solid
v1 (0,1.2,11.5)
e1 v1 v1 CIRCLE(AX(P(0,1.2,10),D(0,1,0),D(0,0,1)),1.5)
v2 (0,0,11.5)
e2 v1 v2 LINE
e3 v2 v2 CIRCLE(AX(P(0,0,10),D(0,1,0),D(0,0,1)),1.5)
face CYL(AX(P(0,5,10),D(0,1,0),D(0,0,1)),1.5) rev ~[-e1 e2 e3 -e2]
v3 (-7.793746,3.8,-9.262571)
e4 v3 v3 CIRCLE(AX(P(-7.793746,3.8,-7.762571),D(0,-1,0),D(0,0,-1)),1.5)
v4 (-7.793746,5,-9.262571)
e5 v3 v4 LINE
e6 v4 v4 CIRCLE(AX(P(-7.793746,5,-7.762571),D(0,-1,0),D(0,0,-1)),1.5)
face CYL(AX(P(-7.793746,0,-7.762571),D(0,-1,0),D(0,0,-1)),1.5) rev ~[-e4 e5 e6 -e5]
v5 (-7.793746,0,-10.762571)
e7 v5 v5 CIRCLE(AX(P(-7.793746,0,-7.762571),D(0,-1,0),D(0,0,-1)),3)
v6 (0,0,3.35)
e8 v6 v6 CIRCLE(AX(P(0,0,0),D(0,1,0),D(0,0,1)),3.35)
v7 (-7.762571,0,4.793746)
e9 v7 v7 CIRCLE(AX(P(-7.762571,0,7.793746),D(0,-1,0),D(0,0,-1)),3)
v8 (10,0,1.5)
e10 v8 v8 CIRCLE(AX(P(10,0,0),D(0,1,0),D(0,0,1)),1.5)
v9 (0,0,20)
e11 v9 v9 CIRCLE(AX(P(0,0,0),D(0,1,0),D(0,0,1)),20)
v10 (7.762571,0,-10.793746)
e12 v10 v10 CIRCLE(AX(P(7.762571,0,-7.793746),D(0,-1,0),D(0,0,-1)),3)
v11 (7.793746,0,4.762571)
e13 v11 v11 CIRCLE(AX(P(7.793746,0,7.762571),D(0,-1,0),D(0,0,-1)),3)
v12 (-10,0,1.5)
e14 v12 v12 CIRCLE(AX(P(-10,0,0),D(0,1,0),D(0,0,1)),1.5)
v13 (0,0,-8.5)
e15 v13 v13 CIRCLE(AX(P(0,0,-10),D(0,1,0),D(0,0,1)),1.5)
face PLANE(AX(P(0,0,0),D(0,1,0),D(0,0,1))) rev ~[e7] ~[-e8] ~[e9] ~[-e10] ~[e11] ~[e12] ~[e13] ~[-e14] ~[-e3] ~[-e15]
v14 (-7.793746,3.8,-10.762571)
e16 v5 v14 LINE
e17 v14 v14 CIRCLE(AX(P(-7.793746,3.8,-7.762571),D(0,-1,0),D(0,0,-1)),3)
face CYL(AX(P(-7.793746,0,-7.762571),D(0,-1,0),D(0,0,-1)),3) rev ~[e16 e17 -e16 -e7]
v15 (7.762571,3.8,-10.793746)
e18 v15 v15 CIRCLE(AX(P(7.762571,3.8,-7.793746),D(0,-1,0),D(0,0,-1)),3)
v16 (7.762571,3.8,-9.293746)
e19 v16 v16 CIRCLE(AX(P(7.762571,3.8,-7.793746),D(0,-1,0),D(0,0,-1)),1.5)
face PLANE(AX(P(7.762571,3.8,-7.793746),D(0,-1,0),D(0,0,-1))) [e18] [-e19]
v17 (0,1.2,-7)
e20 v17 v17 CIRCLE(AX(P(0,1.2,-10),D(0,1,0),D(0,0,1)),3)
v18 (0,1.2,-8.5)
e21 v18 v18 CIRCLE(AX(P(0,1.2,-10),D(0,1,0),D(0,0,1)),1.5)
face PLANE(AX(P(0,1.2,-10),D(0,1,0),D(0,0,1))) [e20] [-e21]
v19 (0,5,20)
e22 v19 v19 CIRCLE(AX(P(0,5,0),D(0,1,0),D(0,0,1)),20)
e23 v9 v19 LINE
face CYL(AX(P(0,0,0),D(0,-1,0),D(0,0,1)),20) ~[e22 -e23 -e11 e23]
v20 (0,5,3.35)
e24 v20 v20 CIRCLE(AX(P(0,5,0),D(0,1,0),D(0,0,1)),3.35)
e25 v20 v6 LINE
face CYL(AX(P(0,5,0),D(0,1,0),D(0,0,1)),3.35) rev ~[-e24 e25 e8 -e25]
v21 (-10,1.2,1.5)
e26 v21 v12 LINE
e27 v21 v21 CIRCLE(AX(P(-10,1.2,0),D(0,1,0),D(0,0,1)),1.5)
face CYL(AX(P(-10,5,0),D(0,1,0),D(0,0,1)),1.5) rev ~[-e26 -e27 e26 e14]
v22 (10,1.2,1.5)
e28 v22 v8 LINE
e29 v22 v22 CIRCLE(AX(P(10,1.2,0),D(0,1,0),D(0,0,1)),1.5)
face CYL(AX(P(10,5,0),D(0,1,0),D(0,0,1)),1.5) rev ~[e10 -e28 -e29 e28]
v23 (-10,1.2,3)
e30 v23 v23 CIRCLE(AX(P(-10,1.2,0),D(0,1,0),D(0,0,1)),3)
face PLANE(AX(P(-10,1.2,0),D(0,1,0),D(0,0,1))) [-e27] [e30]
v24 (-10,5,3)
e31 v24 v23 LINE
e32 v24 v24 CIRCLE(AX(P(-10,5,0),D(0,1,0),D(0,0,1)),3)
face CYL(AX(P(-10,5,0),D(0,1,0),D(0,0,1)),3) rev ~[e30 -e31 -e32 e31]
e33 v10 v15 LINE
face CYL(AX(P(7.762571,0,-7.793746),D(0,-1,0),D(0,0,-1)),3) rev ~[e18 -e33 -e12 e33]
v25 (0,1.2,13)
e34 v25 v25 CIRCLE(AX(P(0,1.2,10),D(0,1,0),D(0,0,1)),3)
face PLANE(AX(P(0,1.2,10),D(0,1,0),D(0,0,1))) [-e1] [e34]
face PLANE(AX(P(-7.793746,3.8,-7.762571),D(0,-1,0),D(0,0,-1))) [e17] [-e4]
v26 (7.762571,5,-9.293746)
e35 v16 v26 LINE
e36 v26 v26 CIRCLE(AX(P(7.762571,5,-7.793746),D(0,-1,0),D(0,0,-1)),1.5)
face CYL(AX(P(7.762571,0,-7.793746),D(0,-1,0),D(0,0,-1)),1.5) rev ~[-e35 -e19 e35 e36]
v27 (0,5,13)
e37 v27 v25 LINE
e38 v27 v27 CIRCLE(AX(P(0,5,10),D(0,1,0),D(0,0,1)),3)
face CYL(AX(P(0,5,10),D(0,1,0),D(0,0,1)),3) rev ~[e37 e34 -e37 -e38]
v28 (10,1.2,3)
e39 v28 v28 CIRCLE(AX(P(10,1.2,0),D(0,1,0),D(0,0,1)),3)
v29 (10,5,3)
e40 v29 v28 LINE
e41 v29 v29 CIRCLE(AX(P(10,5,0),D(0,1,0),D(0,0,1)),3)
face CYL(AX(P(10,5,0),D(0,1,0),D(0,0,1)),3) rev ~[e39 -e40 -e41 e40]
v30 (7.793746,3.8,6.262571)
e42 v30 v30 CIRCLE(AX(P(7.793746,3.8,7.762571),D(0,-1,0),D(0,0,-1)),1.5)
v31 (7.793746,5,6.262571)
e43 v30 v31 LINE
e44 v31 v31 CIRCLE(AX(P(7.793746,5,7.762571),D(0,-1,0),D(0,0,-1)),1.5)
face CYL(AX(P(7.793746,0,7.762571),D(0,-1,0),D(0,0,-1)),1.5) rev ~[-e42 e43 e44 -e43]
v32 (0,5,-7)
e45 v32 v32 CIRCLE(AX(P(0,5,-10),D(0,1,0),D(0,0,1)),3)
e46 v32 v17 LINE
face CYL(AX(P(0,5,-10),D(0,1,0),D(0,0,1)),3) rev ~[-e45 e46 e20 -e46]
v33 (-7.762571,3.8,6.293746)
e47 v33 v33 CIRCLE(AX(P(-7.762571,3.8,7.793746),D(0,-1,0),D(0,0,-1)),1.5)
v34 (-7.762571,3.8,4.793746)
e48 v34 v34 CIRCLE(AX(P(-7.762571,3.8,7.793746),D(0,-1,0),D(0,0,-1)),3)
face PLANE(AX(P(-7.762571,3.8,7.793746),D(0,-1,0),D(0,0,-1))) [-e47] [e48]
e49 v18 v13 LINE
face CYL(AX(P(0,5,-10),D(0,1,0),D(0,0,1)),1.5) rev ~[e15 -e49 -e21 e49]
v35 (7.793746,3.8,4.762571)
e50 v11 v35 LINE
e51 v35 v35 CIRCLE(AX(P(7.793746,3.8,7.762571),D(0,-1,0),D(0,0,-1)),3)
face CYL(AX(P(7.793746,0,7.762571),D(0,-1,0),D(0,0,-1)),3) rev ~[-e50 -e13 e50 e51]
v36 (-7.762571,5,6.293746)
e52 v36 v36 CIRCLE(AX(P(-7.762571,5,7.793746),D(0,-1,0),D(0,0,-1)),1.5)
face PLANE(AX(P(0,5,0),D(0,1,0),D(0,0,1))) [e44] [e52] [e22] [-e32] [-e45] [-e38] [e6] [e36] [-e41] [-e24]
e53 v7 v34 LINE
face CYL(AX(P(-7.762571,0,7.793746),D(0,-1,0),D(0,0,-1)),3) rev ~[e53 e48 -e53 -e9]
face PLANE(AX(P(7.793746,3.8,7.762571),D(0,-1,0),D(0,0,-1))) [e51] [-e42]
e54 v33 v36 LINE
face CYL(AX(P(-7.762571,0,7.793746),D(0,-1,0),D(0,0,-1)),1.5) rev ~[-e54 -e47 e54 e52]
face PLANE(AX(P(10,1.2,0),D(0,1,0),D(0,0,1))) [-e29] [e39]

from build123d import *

# Parameters (mm, degrees)
SKETCH2_R           = 20
BOSS_EXTRUDE1_DEPTH = 5
SKETCH3_R           = 3.35
CUT_EXTRUDE1_DEPTH  = 6
SKETCH4_R           = 1.5
CUT_EXTRUDE3_DEPTH  = 6
SKETCH6_R           = 3
CUT_EXTRUDE4_DEPTH  = 3.8
SKETCH7_R           = 1.5
CUT_EXTRUDE5_DEPTH  = 29.722813233
SKETCH8_R           = 3
CUT_EXTRUDE6_DEPTH  = 3.8


with BuildPart() as part:
    # Sketch2 → Boss-Extrude1 (new body)
    with BuildSketch(Plane(origin=(0, 0, 0), x_dir=(1, 0, 0), z_dir=(0, 1, 0))):
        with Locations(Location((0, 0, 0), (0, 0, 270))):
            Circle(SKETCH2_R)
    extrude(amount=BOSS_EXTRUDE1_DEPTH)

    # Sketch3 → Cut-Extrude1 (cut)
    with BuildSketch(Plane(origin=(0, 5, 0), x_dir=(1, 0, 0), z_dir=(0, 1, 0))):
        with Locations(Location((0, 0, 0), (0, 0, 270))):
            Circle(SKETCH3_R)
    extrude(amount=-CUT_EXTRUDE1_DEPTH, mode=Mode.SUBTRACT)

    # Sketch4 → Cut-Extrude3 (cut)
    with BuildSketch(Plane(origin=(0, 5, 0), x_dir=(1, 0, 0), z_dir=(0, 1, 0))):
        with Locations(Location((0, 10, 0), (0, 0, 270))):
            Circle(SKETCH4_R)
        with Locations(Location((10, 0, 0), (0, 0, 270))):
            Circle(SKETCH4_R)
        with Locations(Location((0, -10, 0), (0, 0, 270))):
            Circle(SKETCH4_R)
        with Locations(Location((-10, 0, 0), (0, 0, 270))):
            Circle(SKETCH4_R)
    extrude(amount=-CUT_EXTRUDE3_DEPTH, mode=Mode.SUBTRACT)

    # Sketch6 → Cut-Extrude4 (cut)
    with BuildSketch(Plane(origin=(0, 5, 0), x_dir=(1, 0, 0), z_dir=(0, 1, 0))):
        with Locations(Location((0, 10, 0), (0, 0, 270))):
            Circle(SKETCH6_R)
        with Locations(Location((10, 0, 0), (0, 0, 270))):
            Circle(SKETCH6_R)
        with Locations(Location((0, -10, 0), (0, 0, 270))):
            Circle(SKETCH6_R)
        with Locations(Location((-10, 0, 0), (0, 0, 270))):
            Circle(SKETCH6_R)
    extrude(amount=-CUT_EXTRUDE4_DEPTH, mode=Mode.SUBTRACT)

    # Sketch7 → Cut-Extrude5 (cut, through all)
    with BuildSketch(Plane.XZ):
        with Locations(Location((7.793746467, 7.762571482, 0), (0, 0, 270))):
            Circle(SKETCH7_R)
        with Locations(Location((7.762571482, -7.793746467, 0), (0, 0, 270))):
            Circle(SKETCH7_R)
        with Locations(Location((-7.793746467, -7.762571482, 0), (0, 0, 270))):
            Circle(SKETCH7_R)
        with Locations(Location((-7.762571482, 7.793746467, 0), (0, 0, 270))):
            Circle(SKETCH7_R)
    extrude(amount=-CUT_EXTRUDE5_DEPTH, mode=Mode.SUBTRACT)

    # Sketch8 → Cut-Extrude6 (cut)
    with BuildSketch(Plane(origin=(0, 0, 0), x_dir=(-1, 0, 0), z_dir=(0, -1, 0))):
        with Locations(Location((-7.793746467, -7.762571482, 0), (0, 0, 90))):
            Circle(SKETCH8_R)
        with Locations(Location((-7.762571482, 7.793746467, 0), (0, 0, 90))):
            Circle(SKETCH8_R)
        with Locations(Location((7.793746467, 7.762571482, 0), (0, 0, 90))):
            Circle(SKETCH8_R)
        with Locations(Location((7.762571482, -7.793746467, 0), (0, 0, 90))):
            Circle(SKETCH8_R)
    extrude(amount=-CUT_EXTRUDE6_DEPTH, mode=Mode.SUBTRACT)


solid = part.part
